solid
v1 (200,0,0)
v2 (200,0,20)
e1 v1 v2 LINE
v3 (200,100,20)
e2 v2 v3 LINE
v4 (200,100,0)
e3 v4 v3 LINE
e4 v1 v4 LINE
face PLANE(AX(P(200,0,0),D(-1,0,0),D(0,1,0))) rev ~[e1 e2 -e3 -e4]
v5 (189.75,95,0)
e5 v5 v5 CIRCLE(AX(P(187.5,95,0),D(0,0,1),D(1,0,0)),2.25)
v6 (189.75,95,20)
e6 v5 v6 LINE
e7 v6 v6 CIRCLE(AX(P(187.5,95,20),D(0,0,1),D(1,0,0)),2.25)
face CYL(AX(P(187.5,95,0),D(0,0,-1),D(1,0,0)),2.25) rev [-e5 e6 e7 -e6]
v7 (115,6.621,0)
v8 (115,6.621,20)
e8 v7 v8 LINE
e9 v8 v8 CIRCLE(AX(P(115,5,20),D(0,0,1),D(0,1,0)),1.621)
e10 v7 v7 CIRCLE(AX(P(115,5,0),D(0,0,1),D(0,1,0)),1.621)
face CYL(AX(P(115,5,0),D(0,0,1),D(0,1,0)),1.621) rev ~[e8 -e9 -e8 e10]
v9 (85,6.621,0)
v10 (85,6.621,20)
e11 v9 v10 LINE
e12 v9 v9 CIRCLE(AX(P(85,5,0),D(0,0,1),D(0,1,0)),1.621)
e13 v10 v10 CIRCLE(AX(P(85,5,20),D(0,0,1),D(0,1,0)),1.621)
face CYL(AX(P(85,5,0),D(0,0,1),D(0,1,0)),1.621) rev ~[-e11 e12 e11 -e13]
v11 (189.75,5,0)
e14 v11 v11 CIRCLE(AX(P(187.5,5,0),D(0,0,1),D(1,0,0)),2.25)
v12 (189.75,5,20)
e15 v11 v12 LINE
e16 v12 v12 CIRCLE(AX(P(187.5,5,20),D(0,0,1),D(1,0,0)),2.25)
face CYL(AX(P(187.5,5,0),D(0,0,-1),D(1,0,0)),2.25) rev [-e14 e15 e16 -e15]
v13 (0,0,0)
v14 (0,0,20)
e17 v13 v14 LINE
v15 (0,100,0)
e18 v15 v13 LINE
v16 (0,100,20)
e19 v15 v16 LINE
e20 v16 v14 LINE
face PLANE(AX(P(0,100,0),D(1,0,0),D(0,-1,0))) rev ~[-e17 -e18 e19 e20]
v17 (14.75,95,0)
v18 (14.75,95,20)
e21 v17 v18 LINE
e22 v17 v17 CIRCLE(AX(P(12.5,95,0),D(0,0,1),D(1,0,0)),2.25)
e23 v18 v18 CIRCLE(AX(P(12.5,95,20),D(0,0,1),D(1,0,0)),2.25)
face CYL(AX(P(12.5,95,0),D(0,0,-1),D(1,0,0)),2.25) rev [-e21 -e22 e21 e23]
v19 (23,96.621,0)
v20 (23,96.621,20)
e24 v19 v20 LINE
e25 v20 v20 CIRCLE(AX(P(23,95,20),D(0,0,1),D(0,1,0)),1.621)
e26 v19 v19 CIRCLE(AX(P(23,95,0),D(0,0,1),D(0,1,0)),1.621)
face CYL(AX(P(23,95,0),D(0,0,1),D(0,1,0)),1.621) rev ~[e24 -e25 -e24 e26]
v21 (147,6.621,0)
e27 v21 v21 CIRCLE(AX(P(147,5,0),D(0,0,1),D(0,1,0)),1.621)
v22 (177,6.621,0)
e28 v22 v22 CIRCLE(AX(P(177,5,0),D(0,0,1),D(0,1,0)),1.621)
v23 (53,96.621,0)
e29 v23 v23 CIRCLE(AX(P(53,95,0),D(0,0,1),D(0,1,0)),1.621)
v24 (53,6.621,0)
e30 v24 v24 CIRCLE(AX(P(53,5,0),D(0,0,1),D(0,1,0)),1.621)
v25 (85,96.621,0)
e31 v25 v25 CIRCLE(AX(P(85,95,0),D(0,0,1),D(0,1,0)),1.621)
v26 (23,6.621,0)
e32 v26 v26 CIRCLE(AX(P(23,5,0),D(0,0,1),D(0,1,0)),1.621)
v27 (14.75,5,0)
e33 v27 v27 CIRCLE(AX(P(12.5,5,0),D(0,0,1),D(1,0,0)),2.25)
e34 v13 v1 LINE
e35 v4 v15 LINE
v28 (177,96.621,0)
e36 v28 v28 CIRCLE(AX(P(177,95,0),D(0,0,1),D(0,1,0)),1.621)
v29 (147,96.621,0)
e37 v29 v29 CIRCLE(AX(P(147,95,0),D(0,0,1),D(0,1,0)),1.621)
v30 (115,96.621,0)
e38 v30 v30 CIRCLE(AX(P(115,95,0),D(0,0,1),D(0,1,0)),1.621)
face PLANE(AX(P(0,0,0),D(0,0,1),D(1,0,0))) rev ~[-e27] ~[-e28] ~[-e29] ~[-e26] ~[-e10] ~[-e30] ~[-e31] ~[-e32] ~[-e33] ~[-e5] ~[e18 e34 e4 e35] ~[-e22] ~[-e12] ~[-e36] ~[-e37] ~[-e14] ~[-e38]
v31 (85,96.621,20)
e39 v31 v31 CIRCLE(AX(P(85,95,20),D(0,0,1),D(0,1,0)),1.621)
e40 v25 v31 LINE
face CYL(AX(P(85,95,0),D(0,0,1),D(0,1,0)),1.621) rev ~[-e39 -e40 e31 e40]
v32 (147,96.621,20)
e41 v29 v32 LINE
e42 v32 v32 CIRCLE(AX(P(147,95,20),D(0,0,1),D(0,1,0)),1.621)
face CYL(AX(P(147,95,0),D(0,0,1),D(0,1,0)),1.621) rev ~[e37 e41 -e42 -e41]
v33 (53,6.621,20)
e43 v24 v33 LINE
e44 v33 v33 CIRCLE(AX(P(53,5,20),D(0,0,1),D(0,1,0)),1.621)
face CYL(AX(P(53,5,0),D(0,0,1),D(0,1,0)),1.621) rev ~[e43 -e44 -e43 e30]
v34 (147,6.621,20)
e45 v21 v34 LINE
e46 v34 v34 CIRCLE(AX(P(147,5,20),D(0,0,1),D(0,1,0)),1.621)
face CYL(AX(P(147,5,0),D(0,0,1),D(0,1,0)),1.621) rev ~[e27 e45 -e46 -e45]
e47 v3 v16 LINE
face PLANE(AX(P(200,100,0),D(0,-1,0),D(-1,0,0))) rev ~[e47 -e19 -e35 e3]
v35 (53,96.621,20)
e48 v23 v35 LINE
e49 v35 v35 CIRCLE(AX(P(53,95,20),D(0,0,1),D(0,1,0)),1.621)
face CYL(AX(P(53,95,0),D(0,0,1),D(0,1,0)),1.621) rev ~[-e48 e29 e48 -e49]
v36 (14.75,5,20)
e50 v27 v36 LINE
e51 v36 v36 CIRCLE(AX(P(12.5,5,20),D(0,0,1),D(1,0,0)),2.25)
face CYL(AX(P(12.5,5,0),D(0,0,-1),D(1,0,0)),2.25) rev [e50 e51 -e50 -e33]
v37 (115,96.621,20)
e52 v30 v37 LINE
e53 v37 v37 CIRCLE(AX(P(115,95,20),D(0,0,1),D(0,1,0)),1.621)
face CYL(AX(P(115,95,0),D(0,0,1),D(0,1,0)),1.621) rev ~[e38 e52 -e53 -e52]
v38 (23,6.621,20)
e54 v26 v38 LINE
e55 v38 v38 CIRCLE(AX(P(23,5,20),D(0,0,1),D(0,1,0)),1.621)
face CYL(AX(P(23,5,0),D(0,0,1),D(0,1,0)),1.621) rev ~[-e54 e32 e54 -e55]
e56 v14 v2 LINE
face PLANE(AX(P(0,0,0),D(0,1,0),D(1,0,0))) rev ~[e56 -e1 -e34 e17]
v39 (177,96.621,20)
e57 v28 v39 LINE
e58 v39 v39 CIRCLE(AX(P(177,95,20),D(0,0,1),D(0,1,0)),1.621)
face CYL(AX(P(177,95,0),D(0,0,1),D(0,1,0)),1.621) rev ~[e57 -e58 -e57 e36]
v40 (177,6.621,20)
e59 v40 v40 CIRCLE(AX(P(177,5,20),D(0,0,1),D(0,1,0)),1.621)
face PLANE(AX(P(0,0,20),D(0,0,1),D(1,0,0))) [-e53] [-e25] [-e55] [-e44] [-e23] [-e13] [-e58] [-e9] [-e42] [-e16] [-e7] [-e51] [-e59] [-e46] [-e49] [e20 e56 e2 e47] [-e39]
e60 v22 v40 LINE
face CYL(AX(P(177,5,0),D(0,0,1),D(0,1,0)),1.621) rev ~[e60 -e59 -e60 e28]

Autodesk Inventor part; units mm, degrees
ref_plane "YZ Plane" through (0, 0, 0) normal (1, 0, 0) x (0, 1, 0)
ref_plane "XZ Plane" through (0, 0, 0) normal (0, 1, 0) x (-1, 0, 0)
ref_plane "XY Plane" through (0, 0, 0) normal (0, 0, 1) x (1, 0, 0)
sketch "Sketch2" plane through (0, 0, 0) normal (0, 0, 1) x (1, 0, 0)
  line L0 (0, 0) -> (200, 0)
  line L1 (200, 0) -> (200, 100)
  line L2 (200, 100) -> (0, 100)
  line L3 (0, 100) -> (0, 0)
  line L4 (0, 5) -> (200, 5) construction
  line L5 (0, 95) -> (200, 95) construction
  circle A0 centre (12.5, 95) radius 2.25
  circle A1 centre (12.5, 5) radius 2.25
  circle A2 centre (187.5, 95) radius 2.25
  circle A3 centre (187.5, 5) radius 2.25
  point P0 (23, 5)
  point P1 (23, 95)
  point P2 (53, 5)
  point P3 (53, 95)
  point P4 (85, 95)
  point P5 (85, 5)
  point P6 (115, 95)
  point P7 (115, 5)
  point P8 (147, 95)
  point P9 (147, 5)
  point P10 (177, 95)
  point P11 (177, 5)
  dimension "d18" = 90
  dimension "d0" = 200
  dimension "d1" = 100
  dimension "d2" = 30
  dimension "d3" = 32
  dimension "d4" = 30
  dimension "d5" = 32
  dimension "d6" = 30
  dimension "d13" = 10.5
  dimension "d15" = 10.5
  dimension "d16" = 12.5
  dimension "d17" = 175
  dimension "d21" = 4.5
  dimension "d22" = 4.5
  dimension "d23" = 4.5
  dimension "d24" = 4.5
extrude "Extrusion2" add sketch "Sketch2" along normal blind 20
hole "Hole1" at (23, 5, 0) at (23, 95, 0) at (53, 5, 0) at (53, 95, 0) at (85, 95, 0) at (85, 5, 0) at (115, 95, 0) at (115, 5, 0) at (147, 95, 0) at (147, 5, 0) at (177, 95, 0) at (177, 5, 0) direction (0, 0, 1) diameter 3.242 end through all thread size "M4x0.7" class "6H" standard "ANSI Metric M Profile"
properties part number "3lasers1fiberHeatSinkBlock"
